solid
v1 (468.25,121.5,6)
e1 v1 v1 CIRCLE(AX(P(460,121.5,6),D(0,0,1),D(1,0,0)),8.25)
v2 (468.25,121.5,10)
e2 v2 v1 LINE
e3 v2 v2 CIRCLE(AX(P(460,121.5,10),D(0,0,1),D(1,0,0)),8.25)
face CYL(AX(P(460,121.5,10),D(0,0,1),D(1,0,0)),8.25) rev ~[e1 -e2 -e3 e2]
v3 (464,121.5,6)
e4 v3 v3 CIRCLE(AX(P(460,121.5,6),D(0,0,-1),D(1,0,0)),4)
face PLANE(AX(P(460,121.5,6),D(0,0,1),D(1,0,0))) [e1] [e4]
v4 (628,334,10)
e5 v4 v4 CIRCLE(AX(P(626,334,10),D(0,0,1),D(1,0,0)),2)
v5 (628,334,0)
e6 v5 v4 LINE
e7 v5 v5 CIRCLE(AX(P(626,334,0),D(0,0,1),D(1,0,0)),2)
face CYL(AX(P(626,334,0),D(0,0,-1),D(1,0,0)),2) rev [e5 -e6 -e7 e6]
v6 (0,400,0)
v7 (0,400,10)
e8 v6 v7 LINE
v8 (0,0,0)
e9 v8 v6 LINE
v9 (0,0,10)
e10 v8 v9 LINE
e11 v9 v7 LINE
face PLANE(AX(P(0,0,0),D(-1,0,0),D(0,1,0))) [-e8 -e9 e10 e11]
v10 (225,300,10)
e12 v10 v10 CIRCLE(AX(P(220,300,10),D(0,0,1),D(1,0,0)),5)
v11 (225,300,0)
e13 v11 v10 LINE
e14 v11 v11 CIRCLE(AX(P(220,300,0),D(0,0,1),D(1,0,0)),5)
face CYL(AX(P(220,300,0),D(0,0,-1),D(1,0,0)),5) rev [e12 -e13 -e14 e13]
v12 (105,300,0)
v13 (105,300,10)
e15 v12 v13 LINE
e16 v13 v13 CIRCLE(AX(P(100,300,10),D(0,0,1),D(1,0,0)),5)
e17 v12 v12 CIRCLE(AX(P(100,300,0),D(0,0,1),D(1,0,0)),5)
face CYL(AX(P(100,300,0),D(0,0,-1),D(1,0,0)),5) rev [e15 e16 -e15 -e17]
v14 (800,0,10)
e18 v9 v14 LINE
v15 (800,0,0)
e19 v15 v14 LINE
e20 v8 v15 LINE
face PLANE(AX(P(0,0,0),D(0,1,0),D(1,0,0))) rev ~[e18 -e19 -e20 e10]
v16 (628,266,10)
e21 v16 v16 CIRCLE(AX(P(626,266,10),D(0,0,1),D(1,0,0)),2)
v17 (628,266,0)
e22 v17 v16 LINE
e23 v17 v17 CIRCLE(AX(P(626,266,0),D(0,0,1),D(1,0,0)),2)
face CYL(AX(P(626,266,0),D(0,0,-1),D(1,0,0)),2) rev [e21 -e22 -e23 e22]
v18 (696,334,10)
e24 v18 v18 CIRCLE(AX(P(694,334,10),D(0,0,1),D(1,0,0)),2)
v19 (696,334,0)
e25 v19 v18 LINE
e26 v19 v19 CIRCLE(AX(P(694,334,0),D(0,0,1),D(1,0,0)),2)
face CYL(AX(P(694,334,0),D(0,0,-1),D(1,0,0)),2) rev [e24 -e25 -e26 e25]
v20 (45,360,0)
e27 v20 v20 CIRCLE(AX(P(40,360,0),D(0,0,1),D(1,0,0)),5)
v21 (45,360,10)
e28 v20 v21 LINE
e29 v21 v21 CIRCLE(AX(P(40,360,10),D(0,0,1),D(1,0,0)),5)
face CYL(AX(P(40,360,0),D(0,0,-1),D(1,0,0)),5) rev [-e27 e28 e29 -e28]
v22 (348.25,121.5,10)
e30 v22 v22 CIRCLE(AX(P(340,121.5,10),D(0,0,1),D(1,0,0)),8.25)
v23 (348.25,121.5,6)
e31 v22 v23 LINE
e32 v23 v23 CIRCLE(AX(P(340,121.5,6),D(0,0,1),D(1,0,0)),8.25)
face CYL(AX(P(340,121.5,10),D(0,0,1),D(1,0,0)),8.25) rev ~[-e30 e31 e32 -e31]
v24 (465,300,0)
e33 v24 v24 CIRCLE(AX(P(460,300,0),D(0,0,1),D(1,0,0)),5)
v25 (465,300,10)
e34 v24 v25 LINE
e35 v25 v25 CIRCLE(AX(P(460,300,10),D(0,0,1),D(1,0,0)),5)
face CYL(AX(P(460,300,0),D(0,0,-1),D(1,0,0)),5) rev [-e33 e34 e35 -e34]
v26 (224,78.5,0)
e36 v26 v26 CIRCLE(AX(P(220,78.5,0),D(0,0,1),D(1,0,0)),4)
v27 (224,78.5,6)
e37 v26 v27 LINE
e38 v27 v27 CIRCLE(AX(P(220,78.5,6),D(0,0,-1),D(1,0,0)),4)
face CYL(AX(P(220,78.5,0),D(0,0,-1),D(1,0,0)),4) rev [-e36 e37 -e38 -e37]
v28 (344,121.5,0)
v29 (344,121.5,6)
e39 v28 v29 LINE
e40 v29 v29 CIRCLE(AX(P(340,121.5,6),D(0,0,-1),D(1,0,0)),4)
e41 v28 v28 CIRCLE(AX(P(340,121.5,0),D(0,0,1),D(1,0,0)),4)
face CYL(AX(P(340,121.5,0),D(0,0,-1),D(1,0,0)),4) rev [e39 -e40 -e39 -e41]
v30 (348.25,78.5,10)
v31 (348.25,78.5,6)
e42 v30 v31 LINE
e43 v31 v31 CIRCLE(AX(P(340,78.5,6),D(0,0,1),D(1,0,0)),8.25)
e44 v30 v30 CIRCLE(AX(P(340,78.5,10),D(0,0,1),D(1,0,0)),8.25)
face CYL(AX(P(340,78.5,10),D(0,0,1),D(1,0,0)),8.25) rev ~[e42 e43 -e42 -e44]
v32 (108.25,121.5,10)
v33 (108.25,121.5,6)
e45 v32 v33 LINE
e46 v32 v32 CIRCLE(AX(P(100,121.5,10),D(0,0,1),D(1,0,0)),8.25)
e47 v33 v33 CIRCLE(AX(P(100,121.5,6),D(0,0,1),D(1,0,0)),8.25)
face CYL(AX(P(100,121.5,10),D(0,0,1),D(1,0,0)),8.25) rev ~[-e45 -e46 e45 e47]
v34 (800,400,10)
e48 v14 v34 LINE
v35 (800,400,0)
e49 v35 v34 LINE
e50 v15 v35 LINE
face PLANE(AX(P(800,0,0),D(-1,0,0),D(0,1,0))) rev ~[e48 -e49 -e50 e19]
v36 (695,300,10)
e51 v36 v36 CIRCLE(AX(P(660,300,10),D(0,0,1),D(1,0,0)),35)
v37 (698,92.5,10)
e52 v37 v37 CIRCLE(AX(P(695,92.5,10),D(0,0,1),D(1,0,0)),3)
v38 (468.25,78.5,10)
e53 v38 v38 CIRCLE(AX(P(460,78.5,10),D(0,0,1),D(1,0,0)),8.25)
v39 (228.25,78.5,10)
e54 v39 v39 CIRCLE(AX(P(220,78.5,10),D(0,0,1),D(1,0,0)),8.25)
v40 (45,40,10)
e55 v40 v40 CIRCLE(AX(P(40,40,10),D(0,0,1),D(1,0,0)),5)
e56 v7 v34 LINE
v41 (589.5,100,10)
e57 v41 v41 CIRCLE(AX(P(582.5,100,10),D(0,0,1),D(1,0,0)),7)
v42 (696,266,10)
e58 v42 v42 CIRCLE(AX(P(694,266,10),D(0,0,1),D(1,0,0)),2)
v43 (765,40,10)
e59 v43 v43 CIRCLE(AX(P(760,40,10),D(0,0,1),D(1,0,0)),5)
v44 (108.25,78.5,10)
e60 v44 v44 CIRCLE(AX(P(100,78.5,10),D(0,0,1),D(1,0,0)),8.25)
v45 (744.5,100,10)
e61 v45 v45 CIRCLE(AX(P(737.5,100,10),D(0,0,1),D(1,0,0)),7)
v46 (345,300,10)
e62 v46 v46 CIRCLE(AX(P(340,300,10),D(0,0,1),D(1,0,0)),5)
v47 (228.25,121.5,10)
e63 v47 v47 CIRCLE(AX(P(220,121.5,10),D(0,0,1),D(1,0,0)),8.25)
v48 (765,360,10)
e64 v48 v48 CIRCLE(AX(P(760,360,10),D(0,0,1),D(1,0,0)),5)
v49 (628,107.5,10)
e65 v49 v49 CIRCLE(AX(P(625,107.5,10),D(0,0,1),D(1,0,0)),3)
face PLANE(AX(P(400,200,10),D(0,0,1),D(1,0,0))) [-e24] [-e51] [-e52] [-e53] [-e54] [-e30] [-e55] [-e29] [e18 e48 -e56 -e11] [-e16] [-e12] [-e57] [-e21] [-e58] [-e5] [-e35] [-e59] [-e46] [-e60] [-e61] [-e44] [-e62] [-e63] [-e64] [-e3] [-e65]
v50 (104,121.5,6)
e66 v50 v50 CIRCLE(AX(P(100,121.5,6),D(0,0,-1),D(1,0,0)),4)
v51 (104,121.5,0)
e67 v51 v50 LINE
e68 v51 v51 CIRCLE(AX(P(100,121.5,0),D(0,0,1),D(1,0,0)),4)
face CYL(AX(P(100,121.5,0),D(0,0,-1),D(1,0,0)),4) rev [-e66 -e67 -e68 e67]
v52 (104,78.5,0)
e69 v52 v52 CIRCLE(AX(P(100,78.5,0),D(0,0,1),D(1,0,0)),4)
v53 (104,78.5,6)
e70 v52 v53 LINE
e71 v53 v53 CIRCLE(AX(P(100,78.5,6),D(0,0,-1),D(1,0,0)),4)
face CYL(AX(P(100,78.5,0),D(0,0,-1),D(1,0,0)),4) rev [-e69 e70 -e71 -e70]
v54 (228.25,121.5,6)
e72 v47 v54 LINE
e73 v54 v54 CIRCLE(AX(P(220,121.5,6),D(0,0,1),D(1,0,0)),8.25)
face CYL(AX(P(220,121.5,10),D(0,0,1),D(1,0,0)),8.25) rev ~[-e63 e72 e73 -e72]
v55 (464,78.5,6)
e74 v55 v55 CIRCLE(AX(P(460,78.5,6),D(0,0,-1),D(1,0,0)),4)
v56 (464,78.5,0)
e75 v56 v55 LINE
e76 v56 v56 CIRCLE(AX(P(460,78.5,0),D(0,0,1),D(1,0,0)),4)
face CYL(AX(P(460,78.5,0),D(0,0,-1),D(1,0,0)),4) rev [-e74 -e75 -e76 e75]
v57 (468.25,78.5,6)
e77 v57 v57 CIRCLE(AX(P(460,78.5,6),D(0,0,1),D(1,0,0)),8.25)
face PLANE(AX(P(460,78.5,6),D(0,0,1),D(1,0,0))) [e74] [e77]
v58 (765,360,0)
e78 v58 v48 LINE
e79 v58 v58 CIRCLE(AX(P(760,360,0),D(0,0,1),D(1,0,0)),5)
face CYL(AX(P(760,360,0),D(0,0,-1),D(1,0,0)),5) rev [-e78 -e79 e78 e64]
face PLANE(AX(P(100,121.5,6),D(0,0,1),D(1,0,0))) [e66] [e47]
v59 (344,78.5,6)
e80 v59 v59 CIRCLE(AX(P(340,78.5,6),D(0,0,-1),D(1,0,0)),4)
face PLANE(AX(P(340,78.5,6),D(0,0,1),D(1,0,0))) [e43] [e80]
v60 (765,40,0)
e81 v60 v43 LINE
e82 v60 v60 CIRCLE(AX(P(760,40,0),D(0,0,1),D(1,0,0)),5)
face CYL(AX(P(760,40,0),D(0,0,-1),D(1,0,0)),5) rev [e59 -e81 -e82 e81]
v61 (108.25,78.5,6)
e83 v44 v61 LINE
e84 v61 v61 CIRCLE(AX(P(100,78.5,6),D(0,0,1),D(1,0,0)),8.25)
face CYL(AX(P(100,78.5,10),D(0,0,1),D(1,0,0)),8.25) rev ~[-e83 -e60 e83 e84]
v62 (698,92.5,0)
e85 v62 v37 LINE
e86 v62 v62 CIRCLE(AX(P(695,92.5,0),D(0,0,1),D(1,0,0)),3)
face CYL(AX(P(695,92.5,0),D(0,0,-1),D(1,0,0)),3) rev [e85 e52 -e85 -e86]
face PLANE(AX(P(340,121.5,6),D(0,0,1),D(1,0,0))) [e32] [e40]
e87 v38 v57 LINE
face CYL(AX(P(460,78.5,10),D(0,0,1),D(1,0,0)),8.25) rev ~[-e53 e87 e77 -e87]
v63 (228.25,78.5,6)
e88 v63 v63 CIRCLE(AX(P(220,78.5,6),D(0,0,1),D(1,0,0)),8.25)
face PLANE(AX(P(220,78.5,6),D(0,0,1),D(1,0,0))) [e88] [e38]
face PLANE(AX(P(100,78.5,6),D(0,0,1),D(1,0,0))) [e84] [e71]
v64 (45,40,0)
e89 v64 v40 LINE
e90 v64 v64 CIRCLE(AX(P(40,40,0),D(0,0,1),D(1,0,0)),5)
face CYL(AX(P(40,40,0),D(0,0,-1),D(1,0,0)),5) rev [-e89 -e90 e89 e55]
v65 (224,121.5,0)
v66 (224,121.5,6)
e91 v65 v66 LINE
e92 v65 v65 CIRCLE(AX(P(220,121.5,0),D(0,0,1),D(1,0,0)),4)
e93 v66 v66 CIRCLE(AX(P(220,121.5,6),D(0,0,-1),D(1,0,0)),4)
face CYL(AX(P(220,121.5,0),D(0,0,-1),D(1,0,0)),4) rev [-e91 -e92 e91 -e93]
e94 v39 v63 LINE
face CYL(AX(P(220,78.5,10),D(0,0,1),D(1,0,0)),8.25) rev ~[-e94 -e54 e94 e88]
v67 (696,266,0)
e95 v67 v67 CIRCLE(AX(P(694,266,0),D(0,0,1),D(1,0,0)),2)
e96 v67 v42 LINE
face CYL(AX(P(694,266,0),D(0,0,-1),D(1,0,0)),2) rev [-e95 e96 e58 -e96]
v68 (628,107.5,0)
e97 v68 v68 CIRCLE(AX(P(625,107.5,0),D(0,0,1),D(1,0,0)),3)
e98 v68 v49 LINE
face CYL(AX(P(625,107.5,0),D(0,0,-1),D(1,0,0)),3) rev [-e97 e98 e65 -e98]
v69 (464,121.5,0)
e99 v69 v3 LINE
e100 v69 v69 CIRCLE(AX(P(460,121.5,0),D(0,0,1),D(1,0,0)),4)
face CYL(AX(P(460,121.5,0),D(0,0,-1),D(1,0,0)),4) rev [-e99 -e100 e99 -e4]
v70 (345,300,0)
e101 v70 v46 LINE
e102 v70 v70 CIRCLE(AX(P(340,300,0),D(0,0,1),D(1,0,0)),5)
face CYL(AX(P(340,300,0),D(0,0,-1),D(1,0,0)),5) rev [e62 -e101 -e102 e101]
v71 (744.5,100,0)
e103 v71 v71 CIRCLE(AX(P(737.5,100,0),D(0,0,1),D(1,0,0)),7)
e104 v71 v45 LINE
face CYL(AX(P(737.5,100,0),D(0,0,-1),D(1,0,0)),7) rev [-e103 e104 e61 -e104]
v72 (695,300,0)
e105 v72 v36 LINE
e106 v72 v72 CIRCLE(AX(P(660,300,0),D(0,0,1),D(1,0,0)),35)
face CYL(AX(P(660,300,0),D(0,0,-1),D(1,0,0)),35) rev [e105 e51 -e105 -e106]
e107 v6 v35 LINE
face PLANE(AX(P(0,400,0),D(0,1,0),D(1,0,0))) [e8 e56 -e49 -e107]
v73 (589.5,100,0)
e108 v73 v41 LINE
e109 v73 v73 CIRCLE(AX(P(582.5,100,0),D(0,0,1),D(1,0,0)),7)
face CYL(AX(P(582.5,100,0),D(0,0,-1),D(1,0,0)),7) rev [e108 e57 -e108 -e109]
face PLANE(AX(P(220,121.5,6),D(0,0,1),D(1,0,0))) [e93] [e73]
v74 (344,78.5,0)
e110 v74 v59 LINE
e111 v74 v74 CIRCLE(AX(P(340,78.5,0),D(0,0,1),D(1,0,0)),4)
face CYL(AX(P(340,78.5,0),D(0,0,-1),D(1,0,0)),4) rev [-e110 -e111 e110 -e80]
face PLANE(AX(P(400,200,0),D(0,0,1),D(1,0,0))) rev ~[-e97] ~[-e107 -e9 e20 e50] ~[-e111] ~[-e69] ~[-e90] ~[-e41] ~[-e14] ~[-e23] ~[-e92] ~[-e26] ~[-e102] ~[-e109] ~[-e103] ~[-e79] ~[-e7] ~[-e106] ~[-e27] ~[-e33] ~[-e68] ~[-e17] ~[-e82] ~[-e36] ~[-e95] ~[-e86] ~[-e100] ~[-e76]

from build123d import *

# Parameters (mm, degrees)
SKETCH_1_W          = 800
SKETCH_1_H          = 400
SKETCH_1_R          = 35
SKETCH_1_R_2        = 2
SKETCH_1_R_3        = 5
SKETCH_1_R_4        = 4
SKETCH_1_R_5        = 7
SKETCH_1_R_6        = 3
EXTRUDE_1_DEPTH     = 10
SKETCH_2_R          = 8.25
CUT_EXTRUDE_1_DEPTH = 4


with BuildPart() as part:
    # Эскиз1 → Бобышка-Вытянуть1 (new body)
    with BuildSketch(Plane.XY):
        with Locations((400, 200)):
            Rectangle(SKETCH_1_W, SKETCH_1_H)
        with Locations((660, 300)):
            Circle(SKETCH_1_R, mode=Mode.SUBTRACT)
        with Locations((626, 334)):
            Circle(SKETCH_1_R_2, mode=Mode.SUBTRACT)
        with Locations((694, 334)):
            Circle(SKETCH_1_R_2, mode=Mode.SUBTRACT)
        with Locations((694, 266)):
            Circle(SKETCH_1_R_2, mode=Mode.SUBTRACT)
        with Locations((626, 266)):
            Circle(SKETCH_1_R_2, mode=Mode.SUBTRACT)
        with Locations((100, 300)):
            Circle(SKETCH_1_R_3, mode=Mode.SUBTRACT)
        with Locations((220, 300)):
            Circle(SKETCH_1_R_3, mode=Mode.SUBTRACT)
        with Locations((340, 300)):
            Circle(SKETCH_1_R_3, mode=Mode.SUBTRACT)
        with Locations((460, 300)):
            Circle(SKETCH_1_R_3, mode=Mode.SUBTRACT)
        with Locations((100, 121.5)):
            Circle(SKETCH_1_R_4, mode=Mode.SUBTRACT)
        with Locations((220, 121.5)):
            Circle(SKETCH_1_R_4, mode=Mode.SUBTRACT)
        with Locations((340, 121.5)):
            Circle(SKETCH_1_R_4, mode=Mode.SUBTRACT)
        with Locations((460, 121.5)):
            Circle(SKETCH_1_R_4, mode=Mode.SUBTRACT)
        with Locations((460, 78.5)):
            Circle(SKETCH_1_R_4, mode=Mode.SUBTRACT)
        with Locations((340, 78.5)):
            Circle(SKETCH_1_R_4, mode=Mode.SUBTRACT)
        with Locations((220, 78.5)):
            Circle(SKETCH_1_R_4, mode=Mode.SUBTRACT)
        with Locations((100, 78.5)):
            Circle(SKETCH_1_R_4, mode=Mode.SUBTRACT)
        with Locations((582.5, 100)):
            Circle(SKETCH_1_R_5, mode=Mode.SUBTRACT)
        with Locations((737.5, 100)):
            Circle(SKETCH_1_R_5, mode=Mode.SUBTRACT)
        with Locations((625, 107.5)):
            Circle(SKETCH_1_R_6, mode=Mode.SUBTRACT)
        with Locations((695, 92.5)):
            Circle(SKETCH_1_R_6, mode=Mode.SUBTRACT)
        with Locations((40, 360)):
            Circle(SKETCH_1_R_3, mode=Mode.SUBTRACT)
        with Locations((760, 360)):
            Circle(SKETCH_1_R_3, mode=Mode.SUBTRACT)
        with Locations((760, 40)):
            Circle(SKETCH_1_R_3, mode=Mode.SUBTRACT)
        with Locations((40, 40)):
            Circle(SKETCH_1_R_3, mode=Mode.SUBTRACT)
    extrude(amount=EXTRUDE_1_DEPTH)

    # Эскиз2 → Вырез-Вытянуть1 (cut)
    with BuildSketch(Plane.XY.offset(10)):
        with Locations((100, 121.5)):
            Circle(SKETCH_2_R)
        with Locations((100, 78.5)):
            Circle(SKETCH_2_R)
        with Locations((220, 121.5)):
            Circle(SKETCH_2_R)
        with Locations((220, 78.5)):
            Circle(SKETCH_2_R)
        with Locations((340, 121.5)):
            Circle(SKETCH_2_R)
        with Locations((460, 121.5)):
            Circle(SKETCH_2_R)
        with Locations((460, 78.5)):
            Circle(SKETCH_2_R)
        with Locations((340, 78.5)):
            Circle(SKETCH_2_R)
    extrude(amount=-CUT_EXTRUDE_1_DEPTH, mode=Mode.SUBTRACT)


solid = part.part
